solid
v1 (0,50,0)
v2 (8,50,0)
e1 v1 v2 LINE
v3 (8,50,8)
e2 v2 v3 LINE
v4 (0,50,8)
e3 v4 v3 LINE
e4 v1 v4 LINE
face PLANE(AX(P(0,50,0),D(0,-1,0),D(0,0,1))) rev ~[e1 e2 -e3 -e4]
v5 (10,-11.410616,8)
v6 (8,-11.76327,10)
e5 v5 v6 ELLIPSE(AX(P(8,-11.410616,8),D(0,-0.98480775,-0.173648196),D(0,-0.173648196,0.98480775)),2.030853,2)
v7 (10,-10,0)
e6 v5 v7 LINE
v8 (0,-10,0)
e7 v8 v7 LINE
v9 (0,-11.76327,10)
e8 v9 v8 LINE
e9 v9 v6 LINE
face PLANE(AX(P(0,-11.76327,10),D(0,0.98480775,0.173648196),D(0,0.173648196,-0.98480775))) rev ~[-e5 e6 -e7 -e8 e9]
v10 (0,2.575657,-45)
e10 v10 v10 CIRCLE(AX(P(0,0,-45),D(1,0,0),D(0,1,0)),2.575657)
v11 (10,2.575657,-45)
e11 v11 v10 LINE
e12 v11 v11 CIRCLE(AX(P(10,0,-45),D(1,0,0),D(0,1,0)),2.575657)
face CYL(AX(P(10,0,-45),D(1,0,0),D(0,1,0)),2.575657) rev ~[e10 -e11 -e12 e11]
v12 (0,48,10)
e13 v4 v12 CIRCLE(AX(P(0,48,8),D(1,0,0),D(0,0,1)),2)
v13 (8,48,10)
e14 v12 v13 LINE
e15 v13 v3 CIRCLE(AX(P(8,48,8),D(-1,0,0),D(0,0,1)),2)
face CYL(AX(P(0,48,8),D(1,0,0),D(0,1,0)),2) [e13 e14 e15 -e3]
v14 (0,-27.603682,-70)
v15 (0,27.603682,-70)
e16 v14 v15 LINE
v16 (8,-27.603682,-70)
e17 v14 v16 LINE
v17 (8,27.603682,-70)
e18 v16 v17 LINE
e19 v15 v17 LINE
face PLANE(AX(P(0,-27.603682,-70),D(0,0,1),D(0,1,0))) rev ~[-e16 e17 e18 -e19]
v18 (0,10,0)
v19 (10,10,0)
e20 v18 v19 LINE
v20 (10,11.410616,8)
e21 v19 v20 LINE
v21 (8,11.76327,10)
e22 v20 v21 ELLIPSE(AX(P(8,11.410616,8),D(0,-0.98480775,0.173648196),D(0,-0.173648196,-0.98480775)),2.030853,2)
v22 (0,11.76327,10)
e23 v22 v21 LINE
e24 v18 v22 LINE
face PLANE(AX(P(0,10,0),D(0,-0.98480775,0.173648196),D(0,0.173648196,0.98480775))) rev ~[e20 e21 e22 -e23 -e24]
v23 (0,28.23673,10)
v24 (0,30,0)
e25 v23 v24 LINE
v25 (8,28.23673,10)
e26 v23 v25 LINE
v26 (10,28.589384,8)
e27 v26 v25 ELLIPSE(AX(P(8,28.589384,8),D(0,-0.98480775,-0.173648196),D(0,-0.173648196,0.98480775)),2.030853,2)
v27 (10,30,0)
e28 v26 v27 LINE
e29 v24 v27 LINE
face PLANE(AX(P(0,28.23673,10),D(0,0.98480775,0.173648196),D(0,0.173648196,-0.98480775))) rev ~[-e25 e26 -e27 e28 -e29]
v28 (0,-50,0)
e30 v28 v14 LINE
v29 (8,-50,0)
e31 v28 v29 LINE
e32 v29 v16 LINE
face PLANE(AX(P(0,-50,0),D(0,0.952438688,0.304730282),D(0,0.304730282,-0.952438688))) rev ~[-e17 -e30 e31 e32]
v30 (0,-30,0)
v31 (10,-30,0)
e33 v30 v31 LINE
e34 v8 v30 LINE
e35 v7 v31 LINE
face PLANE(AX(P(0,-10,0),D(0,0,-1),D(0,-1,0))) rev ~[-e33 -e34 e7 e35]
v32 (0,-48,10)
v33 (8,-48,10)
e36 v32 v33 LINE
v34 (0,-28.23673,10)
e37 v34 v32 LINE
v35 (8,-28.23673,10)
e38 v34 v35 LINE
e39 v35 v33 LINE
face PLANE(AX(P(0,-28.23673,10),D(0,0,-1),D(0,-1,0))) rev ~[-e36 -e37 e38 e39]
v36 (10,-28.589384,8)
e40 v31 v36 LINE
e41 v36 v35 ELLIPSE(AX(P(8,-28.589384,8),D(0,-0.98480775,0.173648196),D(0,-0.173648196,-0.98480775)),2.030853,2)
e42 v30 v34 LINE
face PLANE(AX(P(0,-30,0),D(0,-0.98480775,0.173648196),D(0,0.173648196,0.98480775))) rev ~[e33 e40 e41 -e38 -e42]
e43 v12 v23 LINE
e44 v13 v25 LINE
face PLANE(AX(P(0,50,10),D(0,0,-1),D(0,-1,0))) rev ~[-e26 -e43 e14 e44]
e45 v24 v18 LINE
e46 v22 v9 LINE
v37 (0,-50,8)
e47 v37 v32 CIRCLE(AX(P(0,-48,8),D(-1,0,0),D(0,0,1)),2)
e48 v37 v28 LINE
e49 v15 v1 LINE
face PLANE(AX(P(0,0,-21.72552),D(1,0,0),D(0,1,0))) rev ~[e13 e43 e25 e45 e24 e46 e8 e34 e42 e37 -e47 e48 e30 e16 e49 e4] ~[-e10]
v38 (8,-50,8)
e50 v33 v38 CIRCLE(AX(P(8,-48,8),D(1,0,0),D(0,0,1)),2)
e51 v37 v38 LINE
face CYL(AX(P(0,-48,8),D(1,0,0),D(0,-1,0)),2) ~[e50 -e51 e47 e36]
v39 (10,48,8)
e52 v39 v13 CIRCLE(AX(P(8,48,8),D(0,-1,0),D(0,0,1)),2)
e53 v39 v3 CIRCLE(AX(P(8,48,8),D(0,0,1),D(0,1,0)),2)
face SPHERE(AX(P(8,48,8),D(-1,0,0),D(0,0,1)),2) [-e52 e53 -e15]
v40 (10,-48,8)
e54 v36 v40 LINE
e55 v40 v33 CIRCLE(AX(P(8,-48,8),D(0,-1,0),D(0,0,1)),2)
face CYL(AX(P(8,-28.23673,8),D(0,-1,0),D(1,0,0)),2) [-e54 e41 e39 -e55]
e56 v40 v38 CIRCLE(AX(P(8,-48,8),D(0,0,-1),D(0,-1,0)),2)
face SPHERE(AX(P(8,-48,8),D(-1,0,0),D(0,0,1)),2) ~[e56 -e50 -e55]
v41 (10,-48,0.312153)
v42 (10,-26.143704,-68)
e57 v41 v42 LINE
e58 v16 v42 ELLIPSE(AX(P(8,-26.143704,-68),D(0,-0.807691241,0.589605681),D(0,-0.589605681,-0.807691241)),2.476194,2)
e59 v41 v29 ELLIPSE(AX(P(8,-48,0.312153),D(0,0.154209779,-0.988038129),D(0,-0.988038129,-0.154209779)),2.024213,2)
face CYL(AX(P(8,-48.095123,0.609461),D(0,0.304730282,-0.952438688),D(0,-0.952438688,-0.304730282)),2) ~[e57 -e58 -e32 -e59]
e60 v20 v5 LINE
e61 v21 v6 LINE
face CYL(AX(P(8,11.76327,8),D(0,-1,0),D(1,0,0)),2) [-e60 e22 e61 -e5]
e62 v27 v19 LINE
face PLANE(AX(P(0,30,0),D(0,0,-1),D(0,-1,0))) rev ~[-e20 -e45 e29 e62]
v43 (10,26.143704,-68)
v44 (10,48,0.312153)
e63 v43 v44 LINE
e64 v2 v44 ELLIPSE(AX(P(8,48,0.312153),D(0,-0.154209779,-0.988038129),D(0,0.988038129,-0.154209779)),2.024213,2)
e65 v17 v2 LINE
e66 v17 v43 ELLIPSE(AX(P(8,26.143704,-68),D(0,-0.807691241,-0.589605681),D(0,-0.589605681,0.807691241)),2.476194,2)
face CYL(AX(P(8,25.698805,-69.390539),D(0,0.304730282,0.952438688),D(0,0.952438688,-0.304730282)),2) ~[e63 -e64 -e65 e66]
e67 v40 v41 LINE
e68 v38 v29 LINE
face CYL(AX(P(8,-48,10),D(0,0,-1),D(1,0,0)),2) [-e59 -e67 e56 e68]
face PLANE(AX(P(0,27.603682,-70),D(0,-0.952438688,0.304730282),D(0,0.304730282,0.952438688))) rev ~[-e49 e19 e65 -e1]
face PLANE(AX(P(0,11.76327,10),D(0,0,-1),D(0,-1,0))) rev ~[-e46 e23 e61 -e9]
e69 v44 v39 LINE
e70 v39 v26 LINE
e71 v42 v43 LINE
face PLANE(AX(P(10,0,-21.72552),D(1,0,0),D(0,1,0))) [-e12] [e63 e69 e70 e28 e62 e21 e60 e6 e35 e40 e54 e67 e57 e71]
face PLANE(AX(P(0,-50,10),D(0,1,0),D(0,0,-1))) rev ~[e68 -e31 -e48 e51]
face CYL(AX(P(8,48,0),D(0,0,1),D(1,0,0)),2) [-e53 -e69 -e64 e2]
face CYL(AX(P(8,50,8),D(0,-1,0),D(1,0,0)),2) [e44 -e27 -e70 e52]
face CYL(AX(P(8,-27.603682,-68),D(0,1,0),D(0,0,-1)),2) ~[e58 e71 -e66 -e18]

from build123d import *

# Parameters (mm, degrees)
F1_DEPTH = 10
F2_R     = 2.575657
F3_DEPTH = 10
F4_R     = 2


with BuildPart() as f1:
    # F0 (on Right) → F1 (new body)
    with BuildSketch(Plane.YZ):
        Polygon((-27.603682, -70), (0, -70), (27.603682, -70), (50, 0), (50, 10), (28.23673, 10), (30, 0), (20, 0), (10, 0), (11.76327, 10), (0, 10), (-11.76327, 10), (-10, 0), (-20, 0), (-30, 0), (-28.23673, 10), (-50, 10), (-50, 0), align=None)
    extrude(amount=F1_DEPTH)

    # F2 (on face) → F3 (cut, through all)
    with BuildSketch(Plane.YZ.offset(10)):
        with Locations((0, -45)):
            Circle(F2_R)
    extrude(amount=-F3_DEPTH, mode=Mode.SUBTRACT)

    # F4
    f4_edges = [f1.edges().sort_by_distance(p)[0] for p in [
        (5, -50, 10),
        (5, 50, 10),
        (10, -39.118365, 10),
        (10, 0, 10),
        (10, 39.118365, 10),
        (10, -50, 5),
        (10, -38.801841, -35),
        (10, 38.801841, -35),
        (10, 50, 5),
        (10, 0, -70),
    ]]
    fillet(f4_edges, radius=F4_R)


solid = f1.part
